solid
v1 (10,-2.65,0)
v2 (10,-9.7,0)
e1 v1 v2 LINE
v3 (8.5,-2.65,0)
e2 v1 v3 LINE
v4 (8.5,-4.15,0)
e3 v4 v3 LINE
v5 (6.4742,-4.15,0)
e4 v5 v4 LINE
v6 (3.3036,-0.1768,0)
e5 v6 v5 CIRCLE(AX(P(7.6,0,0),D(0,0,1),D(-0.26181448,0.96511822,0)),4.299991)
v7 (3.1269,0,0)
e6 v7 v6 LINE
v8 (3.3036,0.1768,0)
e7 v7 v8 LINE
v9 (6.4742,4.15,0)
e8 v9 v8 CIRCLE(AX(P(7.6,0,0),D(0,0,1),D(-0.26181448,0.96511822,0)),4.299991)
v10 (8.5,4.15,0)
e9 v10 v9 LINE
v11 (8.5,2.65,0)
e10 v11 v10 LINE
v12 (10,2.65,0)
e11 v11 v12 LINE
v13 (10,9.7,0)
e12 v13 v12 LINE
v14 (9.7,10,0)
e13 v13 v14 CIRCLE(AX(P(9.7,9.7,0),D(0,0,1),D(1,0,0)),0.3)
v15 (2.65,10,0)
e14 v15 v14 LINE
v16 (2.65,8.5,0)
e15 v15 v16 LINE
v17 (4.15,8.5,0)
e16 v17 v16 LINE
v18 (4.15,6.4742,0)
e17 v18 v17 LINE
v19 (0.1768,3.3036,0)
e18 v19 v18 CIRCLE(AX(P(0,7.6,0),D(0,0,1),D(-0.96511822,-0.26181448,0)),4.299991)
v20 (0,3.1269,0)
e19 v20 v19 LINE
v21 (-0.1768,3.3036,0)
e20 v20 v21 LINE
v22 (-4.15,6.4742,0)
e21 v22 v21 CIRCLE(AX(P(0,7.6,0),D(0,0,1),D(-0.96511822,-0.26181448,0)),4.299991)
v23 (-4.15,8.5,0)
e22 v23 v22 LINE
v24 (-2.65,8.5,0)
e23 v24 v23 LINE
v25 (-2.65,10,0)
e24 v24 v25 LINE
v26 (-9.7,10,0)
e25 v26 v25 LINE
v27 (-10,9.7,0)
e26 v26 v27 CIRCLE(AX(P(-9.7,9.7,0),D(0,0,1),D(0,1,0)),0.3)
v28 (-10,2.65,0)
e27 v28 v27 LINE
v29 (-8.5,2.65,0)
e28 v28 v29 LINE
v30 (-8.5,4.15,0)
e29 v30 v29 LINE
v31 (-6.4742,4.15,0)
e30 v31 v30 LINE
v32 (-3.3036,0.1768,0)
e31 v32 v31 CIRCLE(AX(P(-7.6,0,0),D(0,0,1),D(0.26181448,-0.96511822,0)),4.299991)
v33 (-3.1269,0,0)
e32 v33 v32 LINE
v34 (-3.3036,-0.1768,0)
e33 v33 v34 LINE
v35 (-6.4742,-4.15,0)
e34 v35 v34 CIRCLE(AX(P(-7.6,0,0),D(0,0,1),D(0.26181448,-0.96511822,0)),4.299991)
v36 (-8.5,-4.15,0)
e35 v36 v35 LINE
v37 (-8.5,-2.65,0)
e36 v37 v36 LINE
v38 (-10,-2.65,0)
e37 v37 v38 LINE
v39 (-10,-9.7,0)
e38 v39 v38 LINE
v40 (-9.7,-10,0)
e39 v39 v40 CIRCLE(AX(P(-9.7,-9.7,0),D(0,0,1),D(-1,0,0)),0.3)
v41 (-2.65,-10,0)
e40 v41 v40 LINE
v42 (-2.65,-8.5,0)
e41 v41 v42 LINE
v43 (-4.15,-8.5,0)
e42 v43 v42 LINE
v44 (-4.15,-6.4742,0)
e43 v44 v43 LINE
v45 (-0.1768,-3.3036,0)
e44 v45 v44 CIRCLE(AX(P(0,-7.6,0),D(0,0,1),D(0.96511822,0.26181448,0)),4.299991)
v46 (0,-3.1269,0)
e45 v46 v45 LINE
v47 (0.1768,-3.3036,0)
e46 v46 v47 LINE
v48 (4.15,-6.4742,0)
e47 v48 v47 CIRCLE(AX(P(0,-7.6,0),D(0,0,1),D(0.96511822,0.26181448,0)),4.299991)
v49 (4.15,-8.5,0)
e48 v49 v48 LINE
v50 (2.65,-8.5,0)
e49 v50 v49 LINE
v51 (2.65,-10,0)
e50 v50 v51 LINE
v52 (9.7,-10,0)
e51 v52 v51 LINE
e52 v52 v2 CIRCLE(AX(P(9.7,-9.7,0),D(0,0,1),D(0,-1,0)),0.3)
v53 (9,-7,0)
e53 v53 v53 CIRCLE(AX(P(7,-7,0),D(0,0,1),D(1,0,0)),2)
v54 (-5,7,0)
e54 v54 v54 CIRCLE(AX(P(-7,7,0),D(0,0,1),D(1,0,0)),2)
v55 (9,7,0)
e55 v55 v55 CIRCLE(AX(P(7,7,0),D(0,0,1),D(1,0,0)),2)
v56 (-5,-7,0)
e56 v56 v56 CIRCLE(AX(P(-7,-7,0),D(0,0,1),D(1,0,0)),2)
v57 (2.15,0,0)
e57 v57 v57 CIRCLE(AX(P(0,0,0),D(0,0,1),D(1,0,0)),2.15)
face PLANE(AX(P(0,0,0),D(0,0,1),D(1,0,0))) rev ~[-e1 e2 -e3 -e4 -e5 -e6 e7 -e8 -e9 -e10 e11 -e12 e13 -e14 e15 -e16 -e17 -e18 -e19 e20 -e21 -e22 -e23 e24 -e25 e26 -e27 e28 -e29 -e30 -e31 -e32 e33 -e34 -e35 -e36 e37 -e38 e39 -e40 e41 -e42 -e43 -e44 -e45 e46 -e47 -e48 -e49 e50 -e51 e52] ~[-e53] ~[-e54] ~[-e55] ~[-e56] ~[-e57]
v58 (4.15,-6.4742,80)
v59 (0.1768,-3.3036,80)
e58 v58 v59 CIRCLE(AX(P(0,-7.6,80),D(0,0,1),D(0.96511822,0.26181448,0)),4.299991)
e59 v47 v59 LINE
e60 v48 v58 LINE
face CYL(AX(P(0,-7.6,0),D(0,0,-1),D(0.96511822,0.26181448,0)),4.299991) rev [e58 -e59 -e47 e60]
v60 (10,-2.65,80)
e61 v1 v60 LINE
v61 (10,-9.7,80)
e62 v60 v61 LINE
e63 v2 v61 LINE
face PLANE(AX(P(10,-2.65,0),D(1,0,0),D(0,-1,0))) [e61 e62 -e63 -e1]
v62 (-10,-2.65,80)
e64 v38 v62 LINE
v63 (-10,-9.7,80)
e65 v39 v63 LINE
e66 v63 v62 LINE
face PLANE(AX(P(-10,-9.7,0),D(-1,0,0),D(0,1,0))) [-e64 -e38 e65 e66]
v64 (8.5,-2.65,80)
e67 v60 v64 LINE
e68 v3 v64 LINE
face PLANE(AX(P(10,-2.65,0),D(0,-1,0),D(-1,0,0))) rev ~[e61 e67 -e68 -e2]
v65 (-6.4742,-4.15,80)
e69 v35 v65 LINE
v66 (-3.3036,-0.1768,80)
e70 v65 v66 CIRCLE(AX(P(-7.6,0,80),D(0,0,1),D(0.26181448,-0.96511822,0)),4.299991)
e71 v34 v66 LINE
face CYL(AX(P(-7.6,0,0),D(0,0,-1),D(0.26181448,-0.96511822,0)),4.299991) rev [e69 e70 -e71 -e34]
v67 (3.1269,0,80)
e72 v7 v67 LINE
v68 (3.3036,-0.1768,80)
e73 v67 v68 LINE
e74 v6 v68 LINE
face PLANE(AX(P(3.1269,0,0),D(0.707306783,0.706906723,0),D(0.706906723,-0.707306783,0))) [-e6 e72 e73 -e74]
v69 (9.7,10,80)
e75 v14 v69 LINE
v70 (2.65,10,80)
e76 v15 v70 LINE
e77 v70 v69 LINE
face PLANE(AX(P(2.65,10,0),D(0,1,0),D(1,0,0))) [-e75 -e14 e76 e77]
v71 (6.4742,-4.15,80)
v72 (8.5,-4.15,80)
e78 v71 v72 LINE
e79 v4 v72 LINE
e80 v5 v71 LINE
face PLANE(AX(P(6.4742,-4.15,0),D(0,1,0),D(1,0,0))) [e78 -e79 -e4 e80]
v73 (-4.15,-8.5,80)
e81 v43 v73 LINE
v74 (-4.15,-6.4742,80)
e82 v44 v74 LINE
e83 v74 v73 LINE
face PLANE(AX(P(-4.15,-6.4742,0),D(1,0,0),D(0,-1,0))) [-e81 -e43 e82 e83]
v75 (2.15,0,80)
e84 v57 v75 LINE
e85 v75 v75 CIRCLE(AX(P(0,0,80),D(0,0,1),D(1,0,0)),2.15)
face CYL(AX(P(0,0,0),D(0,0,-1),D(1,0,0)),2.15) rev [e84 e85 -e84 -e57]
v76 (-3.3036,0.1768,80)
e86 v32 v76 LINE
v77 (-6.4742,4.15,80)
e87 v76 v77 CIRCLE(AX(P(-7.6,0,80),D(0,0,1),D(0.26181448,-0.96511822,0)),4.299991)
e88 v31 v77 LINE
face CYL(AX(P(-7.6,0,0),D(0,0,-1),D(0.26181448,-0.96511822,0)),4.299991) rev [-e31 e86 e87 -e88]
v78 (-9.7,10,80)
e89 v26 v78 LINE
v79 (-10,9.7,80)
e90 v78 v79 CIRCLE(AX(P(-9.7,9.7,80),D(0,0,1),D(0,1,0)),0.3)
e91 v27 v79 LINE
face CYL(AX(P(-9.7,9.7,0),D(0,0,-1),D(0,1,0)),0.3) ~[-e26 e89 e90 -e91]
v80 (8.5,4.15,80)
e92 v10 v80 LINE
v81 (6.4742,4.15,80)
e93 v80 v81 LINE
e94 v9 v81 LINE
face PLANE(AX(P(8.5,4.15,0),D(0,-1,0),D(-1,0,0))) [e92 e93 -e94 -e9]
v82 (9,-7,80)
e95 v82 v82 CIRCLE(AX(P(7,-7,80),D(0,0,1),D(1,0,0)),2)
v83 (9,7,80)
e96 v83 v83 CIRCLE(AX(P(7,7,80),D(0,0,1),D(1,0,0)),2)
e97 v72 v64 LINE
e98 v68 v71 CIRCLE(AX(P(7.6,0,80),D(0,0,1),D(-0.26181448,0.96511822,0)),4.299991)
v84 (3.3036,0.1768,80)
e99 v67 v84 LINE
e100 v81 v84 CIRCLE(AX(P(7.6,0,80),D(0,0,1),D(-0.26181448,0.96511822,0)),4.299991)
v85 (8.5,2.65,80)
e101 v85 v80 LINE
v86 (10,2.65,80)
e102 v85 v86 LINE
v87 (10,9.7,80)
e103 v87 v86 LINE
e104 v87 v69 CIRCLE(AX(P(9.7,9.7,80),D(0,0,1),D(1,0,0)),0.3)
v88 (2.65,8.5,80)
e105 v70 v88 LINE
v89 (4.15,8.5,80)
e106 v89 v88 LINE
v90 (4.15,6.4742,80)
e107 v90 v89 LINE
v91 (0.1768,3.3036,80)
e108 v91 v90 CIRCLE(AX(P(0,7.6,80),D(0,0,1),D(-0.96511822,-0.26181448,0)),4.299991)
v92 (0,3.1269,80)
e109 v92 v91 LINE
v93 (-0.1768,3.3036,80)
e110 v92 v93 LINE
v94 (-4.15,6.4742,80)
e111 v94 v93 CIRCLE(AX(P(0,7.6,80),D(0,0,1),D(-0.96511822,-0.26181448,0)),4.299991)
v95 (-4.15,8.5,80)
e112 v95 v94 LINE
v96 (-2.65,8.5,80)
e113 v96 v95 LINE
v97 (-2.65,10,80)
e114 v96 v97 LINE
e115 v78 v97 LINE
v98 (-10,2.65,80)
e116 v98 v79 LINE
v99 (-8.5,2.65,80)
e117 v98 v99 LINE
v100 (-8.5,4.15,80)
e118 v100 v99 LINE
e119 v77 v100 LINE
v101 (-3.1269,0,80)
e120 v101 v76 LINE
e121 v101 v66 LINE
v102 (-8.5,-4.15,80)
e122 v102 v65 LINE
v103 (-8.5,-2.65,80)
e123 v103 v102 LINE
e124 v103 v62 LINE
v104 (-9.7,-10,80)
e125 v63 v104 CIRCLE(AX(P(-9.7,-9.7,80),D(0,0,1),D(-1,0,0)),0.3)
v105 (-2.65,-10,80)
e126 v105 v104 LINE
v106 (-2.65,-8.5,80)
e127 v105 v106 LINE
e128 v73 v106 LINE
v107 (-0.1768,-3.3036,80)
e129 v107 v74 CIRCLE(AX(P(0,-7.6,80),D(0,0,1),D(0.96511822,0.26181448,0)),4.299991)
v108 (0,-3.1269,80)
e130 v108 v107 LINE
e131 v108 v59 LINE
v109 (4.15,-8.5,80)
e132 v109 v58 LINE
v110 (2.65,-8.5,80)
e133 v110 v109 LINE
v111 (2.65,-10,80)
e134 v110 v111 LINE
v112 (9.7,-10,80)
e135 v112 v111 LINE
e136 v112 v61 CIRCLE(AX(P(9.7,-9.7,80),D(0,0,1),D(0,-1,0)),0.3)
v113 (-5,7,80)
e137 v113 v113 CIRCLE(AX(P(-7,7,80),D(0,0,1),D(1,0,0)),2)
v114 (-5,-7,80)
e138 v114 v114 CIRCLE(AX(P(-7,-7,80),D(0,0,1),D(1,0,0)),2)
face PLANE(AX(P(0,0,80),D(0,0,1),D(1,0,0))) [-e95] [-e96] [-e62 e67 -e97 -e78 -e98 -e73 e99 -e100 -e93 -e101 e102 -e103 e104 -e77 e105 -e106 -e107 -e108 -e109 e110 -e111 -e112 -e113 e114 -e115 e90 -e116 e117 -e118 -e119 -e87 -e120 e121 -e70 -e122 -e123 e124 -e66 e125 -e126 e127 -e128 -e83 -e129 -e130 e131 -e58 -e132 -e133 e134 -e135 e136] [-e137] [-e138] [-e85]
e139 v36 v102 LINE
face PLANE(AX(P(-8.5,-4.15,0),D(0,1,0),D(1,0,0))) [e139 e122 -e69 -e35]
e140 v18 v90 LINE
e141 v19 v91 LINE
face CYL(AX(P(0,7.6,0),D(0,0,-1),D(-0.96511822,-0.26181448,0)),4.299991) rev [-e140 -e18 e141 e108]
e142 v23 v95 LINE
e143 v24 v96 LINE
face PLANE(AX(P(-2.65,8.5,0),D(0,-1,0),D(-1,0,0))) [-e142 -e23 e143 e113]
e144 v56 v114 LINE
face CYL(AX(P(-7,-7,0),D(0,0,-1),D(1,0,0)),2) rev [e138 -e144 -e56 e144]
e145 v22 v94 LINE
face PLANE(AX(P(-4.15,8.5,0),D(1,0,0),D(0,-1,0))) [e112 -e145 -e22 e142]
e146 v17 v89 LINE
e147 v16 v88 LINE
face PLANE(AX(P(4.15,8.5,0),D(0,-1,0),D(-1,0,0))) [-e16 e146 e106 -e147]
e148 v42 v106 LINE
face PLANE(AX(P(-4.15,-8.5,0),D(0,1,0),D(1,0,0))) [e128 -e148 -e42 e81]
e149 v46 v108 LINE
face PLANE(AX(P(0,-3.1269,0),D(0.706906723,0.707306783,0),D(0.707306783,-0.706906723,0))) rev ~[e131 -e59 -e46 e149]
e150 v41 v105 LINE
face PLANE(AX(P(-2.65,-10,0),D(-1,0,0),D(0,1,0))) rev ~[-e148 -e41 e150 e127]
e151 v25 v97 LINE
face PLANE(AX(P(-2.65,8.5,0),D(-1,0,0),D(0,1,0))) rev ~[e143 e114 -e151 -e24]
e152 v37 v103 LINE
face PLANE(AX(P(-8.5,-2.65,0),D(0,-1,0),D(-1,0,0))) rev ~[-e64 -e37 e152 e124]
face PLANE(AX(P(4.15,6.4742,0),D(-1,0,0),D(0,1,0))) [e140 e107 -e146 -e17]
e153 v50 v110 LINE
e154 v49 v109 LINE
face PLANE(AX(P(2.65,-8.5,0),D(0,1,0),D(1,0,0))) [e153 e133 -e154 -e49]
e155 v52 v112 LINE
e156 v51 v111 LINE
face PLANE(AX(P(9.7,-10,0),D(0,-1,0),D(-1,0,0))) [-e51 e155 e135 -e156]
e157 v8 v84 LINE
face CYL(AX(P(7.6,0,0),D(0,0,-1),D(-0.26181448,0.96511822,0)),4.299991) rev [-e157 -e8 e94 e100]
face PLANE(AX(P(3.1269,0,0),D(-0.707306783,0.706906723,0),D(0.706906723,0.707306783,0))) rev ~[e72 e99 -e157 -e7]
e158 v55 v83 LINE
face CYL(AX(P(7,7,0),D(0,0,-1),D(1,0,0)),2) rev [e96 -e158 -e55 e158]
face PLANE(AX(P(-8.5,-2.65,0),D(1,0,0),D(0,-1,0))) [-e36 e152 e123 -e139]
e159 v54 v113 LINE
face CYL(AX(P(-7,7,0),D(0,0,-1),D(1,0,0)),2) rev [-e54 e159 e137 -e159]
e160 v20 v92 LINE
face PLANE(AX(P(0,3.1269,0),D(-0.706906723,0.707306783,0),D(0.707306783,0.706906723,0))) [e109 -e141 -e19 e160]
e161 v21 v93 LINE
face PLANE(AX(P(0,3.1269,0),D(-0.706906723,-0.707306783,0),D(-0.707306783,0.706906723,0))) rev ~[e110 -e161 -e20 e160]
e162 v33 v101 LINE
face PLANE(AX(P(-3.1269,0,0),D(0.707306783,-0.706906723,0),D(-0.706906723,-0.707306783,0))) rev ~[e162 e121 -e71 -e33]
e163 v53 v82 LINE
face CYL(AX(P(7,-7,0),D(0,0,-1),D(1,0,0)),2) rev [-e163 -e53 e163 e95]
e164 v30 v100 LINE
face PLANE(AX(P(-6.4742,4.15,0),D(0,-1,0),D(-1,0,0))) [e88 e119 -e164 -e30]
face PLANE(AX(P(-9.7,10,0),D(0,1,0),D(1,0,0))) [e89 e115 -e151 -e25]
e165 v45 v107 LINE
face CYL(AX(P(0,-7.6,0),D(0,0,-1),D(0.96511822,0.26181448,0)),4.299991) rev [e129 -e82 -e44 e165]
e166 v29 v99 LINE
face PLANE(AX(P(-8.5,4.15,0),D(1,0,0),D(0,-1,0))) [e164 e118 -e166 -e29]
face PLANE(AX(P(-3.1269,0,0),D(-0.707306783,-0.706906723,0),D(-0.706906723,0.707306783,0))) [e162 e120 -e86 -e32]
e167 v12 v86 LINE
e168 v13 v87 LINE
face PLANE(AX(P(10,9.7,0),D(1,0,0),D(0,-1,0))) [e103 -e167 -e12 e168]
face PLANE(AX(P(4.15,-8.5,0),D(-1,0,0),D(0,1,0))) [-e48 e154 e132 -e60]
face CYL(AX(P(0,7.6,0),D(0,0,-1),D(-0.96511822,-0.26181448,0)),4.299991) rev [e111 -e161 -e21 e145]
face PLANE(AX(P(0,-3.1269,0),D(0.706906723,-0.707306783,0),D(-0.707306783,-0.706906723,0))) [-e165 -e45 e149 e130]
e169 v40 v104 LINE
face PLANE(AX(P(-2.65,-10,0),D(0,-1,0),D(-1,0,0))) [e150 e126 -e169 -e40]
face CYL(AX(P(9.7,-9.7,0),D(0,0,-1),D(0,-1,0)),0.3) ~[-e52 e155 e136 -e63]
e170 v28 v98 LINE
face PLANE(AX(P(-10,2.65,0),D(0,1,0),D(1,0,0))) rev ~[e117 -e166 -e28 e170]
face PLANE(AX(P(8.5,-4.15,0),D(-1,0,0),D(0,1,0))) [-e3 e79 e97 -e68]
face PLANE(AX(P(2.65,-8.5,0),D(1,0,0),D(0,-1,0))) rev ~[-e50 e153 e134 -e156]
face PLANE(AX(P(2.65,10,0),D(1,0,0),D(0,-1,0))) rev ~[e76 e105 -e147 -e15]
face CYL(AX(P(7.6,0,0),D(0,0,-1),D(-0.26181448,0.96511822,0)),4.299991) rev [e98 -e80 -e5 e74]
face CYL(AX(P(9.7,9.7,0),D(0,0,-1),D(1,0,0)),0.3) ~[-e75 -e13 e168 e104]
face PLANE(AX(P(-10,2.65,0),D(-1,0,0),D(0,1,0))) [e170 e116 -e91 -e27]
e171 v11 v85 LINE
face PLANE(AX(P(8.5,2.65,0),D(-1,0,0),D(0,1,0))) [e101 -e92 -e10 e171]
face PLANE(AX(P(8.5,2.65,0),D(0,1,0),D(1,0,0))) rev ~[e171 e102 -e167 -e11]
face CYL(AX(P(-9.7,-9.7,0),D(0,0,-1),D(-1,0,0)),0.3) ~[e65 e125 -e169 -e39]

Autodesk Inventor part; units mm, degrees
ref_plane "YZ Plane" through (0, 0, 0) normal (1, 0, 0) x (0, 1, 0)
ref_plane "XZ Plane" through (0, 0, 0) normal (0, 1, 0) x (-1, 0, 0)
ref_plane "XY Plane" through (0, 0, 0) normal (0, 0, 1) x (1, 0, 0)
sketch "스케치1" plane through (0, 0, 0) normal (0, 0, 1) x (1, 0, 0)
  line L0 (9.7, -10) -> (-9.7, -10)
  line L1 (-10, -9.7) -> (-10, 9.7)
  line L2 (-9.7, 10) -> (9.7, 10)
  line L3 (10, 9.7) -> (10, -9.7)
  line L4 (10, -10) -> (-10, 10) construction
  line L5 (-10, -10) -> (10, 10) construction
  line L6 (7, -7) -> (-7, -7) construction
  line L7 (-7, -7) -> (-7, 7) construction
  line L8 (-7, 7) -> (7, 7) construction
  line L9 (7, 7) -> (7, -7) construction
  line L10 (7, -7) -> (-7, 7) construction
  line L11 (-7, -7) -> (7, 7) construction
  circle A0 centre (-7, 7) radius 2
  circle A1 centre (0, 0) radius 2.15
  arc A2 (9.7, -10) -> (10, -9.7) centre (9.7, -9.7) ccw
  arc A3 (-10, -9.7) -> (-9.7, -10) centre (-9.7, -9.7) ccw
  arc A4 (-9.7, 10) -> (-10, 9.7) centre (-9.7, 9.7) ccw
  arc A5 (10, 9.7) -> (9.7, 10) centre (9.7, 9.7) ccw
  line L12 (0, 10) -> (0, -10) construction
  line L13 (10, 0) -> (-10, 0) construction
  line L14 (2.65, -10) -> (-2.65, -10)
  line L15 (-2.65, -10) -> (-2.65, -8.5)
  line L16 (-2.65, -8.5) -> (2.65, -8.5)
  line L17 (2.65, -8.5) -> (2.65, -10)
  line L18 (4.15, -3.3) -> (-4.15, -3.3) construction
  line L19 (-4.15, -3.3) -> (-4.15, -8.5) construction
  line L20 (-4.15, -8.5) -> (4.15, -8.5)
  line L21 (4.15, -8.5) -> (4.15, -3.3) construction
  arc A6 (4.15, -6.4742) -> (-4.15, -6.4742) centre (0, -7.6) ccw
  line L22 (42.9153, -82.9009) -> (54.7664, -82.9009) construction
  line L23 (54.7664, -82.9009) -> (54.7664, -95.6544) construction
  line L24 (54.7664, -95.6544) -> (42.9153, -95.6544) construction
  line L25 (42.9153, -95.6544) -> (42.9153, -82.9009) construction
  arc A7 (44.9755, -91.1725) -> (50.2986, -91.1614) centre (47.6297, -87.6532) ccw
  line L26 (0, -3.1269) -> (-0.1768, -3.3036)
  line L27 (0, -3.1269) -> (0, -3.3) construction
  line L28 (0, -3.1269) -> (0.1731, -3.1269) construction
  line L29 (47.4573, -92.1078) -> (47.6389, -92.3063)
  line L30 (0, -3.1269) -> (0.1768, -3.3036)
  line L31 (-4.15, -6.4742) -> (-4.15, -8.5)
  line L32 (4.15, -8.5) -> (4.15, -6.4742)
  arc A8 (6.4742, 4.15) -> (6.4742, -4.15) centre (7.6, 0) ccw
  line L33 (8.5, 4.15) -> (6.4742, 4.15)
  line L34 (3.3, -4.15) -> (8.5, -4.15) construction
  line L35 (6.4742, -4.15) -> (8.5, -4.15)
  line L36 (8.5, -4.15) -> (8.5, 4.15)
  line L37 (10, -2.65) -> (8.5, -2.65)
  line L38 (8.5, 2.65) -> (10, 2.65)
  line L39 (3.1269, 0) -> (3.3036, -0.1768)
  line L40 (3.1269, 0) -> (3.3036, 0.1768)
  arc A9 (-4.15, 6.4742) -> (4.15, 6.4742) centre (0, 7.6) ccw
  line L41 (-4.15, 8.5) -> (-4.15, 6.4742)
  line L42 (4.15, 3.3) -> (4.15, 8.5) construction
  line L43 (4.15, 6.4742) -> (4.15, 8.5)
  line L44 (4.15, 8.5) -> (-4.15, 8.5)
  line L45 (2.65, 10) -> (2.65, 8.5)
  line L46 (-2.65, 8.5) -> (-2.65, 10)
  line L47 (0, 3.1269) -> (0.1768, 3.3036)
  line L48 (0, 3.1269) -> (-0.1768, 3.3036)
  arc A10 (-6.4742, -4.15) -> (-6.4742, 4.15) centre (-7.6, 0) ccw
  line L49 (-8.5, -4.15) -> (-6.4742, -4.15)
  line L50 (-3.3, 4.15) -> (-8.5, 4.15) construction
  line L51 (-6.4742, 4.15) -> (-8.5, 4.15)
  line L52 (-8.5, 4.15) -> (-8.5, -4.15)
  line L53 (-10, 2.65) -> (-8.5, 2.65)
  line L54 (-8.5, -2.65) -> (-10, -2.65)
  line L55 (-3.1269, 0) -> (-3.3036, 0.1768)
  line L56 (-3.1269, 0) -> (-3.3036, -0.1768)
  circle A11 centre (-7, -7) radius 2
  circle A12 centre (7, -7) radius 2
  circle A13 centre (7, 7) radius 2
  point P0 (3.3, 0)
  point P1 (0, 3.3)
  point P2 (-3.3, 0)
  point P3 (6.4742, -4.15)
  point P4 (4.15, 6.4742)
  point P5 (-6.4742, 4.15)
  point P6 (-4.15, -6.4742)
  dimension "d0" = 20
  dimension "d1" = 20
  dimension "d2" = 14
  dimension "d3" = 14
  dimension "d4" = 4
  dimension "d5" = 4.3
  dimension "d6" = 0.3
  dimension "d7" = 5.3
  dimension "d8" = 1.5
  dimension "d9" = 6.7
  dimension "d10" = 8.3
  dimension "d11" = 4.3
  dimension "d28" = 0.25
  dimension "d30" = 90
  dimension "d37" = 45
  dimension "d41" = 360
  dimension "d48" = 360
extrude "돌출1" add sketch "스케치1" along normal blind 80 contours L0 L17 L20 L32 A6 L30 L26 L31 L15 A3 L1 L54 L52 L49 A10 L56 L55 L51 L53 A4 L2 L46 L44 L41 A9 L48 L47 L43 L45 A5 L3 L38 L36 L33 A8 L40 L39 L35 L37 A2
properties part number "profile" material "알루미늄 6061"
